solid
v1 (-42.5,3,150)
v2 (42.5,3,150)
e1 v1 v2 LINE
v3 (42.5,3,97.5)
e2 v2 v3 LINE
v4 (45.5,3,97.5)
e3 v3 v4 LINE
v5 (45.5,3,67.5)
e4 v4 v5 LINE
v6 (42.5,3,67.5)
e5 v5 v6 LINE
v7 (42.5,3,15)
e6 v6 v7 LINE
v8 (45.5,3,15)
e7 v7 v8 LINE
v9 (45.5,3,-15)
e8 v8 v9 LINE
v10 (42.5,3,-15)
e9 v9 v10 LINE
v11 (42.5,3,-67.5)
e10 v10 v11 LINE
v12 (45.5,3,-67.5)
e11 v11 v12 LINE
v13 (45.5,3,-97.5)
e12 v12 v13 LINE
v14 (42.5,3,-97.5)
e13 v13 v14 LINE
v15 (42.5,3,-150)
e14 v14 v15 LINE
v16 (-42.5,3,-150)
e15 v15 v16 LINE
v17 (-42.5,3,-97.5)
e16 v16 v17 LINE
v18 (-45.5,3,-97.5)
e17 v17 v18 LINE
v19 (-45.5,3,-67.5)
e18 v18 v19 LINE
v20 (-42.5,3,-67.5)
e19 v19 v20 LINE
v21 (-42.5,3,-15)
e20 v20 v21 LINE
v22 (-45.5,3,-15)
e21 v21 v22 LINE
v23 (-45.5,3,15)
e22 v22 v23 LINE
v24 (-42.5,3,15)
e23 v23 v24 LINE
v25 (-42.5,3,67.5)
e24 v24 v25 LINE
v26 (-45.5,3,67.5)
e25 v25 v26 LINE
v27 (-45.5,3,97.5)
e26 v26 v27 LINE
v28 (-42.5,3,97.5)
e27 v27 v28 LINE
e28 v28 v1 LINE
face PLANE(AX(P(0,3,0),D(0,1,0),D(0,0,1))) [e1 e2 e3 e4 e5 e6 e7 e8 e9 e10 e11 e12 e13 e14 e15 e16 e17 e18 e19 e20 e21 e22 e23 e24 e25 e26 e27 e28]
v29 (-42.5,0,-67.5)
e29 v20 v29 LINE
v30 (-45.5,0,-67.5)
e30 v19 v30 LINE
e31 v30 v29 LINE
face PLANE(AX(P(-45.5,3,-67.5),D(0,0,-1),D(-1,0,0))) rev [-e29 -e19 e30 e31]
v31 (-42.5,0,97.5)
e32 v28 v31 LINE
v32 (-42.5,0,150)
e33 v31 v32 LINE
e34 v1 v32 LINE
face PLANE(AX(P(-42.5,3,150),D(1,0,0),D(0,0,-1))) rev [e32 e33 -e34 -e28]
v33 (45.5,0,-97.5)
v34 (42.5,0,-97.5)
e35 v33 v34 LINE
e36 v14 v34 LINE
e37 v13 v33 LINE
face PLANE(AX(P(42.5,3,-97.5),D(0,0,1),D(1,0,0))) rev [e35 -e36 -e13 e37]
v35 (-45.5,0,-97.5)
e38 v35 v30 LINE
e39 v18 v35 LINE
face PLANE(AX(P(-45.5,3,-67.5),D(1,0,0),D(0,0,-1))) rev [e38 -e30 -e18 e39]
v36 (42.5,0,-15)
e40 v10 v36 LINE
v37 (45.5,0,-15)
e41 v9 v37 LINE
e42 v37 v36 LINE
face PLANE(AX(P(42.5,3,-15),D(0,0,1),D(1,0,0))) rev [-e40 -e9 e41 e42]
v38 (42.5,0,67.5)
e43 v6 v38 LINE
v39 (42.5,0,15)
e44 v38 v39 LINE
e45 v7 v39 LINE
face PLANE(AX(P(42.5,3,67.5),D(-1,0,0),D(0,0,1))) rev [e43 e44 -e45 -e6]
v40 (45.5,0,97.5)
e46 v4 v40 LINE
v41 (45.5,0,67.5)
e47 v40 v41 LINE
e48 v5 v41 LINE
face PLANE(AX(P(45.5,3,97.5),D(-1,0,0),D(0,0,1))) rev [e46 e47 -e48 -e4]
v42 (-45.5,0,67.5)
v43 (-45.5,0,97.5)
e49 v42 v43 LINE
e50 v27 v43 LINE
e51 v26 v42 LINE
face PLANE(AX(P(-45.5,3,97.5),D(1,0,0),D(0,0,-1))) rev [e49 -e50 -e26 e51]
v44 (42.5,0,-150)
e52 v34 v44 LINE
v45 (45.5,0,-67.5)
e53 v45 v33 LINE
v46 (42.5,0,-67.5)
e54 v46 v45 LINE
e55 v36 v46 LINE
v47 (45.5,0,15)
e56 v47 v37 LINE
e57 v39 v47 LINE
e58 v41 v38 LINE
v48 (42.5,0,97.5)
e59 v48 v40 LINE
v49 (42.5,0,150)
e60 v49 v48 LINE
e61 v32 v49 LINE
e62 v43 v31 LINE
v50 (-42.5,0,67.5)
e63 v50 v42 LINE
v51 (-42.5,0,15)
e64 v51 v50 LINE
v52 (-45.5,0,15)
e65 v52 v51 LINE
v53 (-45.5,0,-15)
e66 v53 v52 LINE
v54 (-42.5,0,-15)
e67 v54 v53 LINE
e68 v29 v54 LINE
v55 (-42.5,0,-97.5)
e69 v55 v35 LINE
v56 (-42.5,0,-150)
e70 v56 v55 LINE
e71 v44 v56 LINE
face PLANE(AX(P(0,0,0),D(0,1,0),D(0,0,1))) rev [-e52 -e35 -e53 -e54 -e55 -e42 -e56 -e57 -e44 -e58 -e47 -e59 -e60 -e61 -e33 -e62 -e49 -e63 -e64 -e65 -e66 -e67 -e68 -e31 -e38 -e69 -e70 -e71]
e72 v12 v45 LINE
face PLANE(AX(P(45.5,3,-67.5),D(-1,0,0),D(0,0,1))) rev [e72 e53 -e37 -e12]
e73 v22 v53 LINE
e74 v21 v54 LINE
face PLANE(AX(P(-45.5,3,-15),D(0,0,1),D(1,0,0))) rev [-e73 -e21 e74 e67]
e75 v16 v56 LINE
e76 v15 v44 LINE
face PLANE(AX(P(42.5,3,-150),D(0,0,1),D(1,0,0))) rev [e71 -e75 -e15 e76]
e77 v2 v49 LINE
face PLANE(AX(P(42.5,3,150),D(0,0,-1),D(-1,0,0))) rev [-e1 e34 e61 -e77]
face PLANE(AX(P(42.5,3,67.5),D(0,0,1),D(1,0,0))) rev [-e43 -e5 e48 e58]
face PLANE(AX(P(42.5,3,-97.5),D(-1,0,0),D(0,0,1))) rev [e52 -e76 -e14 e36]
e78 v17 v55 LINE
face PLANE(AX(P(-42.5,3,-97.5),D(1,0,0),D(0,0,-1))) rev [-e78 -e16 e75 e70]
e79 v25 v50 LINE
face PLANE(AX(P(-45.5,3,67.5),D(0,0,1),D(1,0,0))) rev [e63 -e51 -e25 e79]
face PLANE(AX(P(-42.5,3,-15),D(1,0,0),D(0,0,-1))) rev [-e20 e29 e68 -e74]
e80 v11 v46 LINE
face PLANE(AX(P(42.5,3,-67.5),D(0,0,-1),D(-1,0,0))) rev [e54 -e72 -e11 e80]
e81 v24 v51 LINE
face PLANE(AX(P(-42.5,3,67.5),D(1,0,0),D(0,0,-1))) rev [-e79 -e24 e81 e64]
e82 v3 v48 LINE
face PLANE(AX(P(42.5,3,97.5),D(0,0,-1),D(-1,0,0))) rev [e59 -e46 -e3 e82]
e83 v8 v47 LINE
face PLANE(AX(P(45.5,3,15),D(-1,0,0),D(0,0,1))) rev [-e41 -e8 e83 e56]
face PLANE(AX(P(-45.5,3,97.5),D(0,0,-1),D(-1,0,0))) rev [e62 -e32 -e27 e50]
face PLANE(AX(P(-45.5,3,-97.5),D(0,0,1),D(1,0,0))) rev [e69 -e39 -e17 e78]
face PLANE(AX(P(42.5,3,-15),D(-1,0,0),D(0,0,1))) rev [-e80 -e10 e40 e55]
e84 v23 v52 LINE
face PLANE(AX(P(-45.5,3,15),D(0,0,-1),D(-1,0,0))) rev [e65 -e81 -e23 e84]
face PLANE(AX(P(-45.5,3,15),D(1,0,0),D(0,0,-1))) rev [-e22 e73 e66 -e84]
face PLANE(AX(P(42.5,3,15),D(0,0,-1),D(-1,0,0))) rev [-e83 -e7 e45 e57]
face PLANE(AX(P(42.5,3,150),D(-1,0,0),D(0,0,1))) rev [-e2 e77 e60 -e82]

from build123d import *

# Parameters (mm, degrees)
SALIENTE_EXTRUIR1_DEPTH = 3


with BuildPart() as part:
    # Croquis1 → Saliente-Extruir1 (new body)
    with BuildSketch(Plane(origin=(0, 0, 0), x_dir=(1, 0, 0), z_dir=(0, 1, 0))):
        Polygon((-45.5, 67.5), (-42.5, 67.5), (-42.5, 15), (-45.5, 15), (-45.5, -15), (-42.5, -15), (-42.5, -67.5), (-45.5, -67.5), (-45.5, -97.5), (-42.5, -97.5), (-42.5, -150), (42.5, -150), (42.5, -97.5), (45.5, -97.5), (45.5, -67.5), (42.5, -67.5), (42.5, -15), (45.5, -15), (45.5, 15), (42.5, 15), (42.5, 67.5), (45.5, 67.5), (45.5, 97.5), (42.5, 97.5), (42.5, 150), (-42.5, 150), (-42.5, 97.5), (-45.5, 97.5), align=None)
    extrude(amount=SALIENTE_EXTRUIR1_DEPTH)


solid = part.part
